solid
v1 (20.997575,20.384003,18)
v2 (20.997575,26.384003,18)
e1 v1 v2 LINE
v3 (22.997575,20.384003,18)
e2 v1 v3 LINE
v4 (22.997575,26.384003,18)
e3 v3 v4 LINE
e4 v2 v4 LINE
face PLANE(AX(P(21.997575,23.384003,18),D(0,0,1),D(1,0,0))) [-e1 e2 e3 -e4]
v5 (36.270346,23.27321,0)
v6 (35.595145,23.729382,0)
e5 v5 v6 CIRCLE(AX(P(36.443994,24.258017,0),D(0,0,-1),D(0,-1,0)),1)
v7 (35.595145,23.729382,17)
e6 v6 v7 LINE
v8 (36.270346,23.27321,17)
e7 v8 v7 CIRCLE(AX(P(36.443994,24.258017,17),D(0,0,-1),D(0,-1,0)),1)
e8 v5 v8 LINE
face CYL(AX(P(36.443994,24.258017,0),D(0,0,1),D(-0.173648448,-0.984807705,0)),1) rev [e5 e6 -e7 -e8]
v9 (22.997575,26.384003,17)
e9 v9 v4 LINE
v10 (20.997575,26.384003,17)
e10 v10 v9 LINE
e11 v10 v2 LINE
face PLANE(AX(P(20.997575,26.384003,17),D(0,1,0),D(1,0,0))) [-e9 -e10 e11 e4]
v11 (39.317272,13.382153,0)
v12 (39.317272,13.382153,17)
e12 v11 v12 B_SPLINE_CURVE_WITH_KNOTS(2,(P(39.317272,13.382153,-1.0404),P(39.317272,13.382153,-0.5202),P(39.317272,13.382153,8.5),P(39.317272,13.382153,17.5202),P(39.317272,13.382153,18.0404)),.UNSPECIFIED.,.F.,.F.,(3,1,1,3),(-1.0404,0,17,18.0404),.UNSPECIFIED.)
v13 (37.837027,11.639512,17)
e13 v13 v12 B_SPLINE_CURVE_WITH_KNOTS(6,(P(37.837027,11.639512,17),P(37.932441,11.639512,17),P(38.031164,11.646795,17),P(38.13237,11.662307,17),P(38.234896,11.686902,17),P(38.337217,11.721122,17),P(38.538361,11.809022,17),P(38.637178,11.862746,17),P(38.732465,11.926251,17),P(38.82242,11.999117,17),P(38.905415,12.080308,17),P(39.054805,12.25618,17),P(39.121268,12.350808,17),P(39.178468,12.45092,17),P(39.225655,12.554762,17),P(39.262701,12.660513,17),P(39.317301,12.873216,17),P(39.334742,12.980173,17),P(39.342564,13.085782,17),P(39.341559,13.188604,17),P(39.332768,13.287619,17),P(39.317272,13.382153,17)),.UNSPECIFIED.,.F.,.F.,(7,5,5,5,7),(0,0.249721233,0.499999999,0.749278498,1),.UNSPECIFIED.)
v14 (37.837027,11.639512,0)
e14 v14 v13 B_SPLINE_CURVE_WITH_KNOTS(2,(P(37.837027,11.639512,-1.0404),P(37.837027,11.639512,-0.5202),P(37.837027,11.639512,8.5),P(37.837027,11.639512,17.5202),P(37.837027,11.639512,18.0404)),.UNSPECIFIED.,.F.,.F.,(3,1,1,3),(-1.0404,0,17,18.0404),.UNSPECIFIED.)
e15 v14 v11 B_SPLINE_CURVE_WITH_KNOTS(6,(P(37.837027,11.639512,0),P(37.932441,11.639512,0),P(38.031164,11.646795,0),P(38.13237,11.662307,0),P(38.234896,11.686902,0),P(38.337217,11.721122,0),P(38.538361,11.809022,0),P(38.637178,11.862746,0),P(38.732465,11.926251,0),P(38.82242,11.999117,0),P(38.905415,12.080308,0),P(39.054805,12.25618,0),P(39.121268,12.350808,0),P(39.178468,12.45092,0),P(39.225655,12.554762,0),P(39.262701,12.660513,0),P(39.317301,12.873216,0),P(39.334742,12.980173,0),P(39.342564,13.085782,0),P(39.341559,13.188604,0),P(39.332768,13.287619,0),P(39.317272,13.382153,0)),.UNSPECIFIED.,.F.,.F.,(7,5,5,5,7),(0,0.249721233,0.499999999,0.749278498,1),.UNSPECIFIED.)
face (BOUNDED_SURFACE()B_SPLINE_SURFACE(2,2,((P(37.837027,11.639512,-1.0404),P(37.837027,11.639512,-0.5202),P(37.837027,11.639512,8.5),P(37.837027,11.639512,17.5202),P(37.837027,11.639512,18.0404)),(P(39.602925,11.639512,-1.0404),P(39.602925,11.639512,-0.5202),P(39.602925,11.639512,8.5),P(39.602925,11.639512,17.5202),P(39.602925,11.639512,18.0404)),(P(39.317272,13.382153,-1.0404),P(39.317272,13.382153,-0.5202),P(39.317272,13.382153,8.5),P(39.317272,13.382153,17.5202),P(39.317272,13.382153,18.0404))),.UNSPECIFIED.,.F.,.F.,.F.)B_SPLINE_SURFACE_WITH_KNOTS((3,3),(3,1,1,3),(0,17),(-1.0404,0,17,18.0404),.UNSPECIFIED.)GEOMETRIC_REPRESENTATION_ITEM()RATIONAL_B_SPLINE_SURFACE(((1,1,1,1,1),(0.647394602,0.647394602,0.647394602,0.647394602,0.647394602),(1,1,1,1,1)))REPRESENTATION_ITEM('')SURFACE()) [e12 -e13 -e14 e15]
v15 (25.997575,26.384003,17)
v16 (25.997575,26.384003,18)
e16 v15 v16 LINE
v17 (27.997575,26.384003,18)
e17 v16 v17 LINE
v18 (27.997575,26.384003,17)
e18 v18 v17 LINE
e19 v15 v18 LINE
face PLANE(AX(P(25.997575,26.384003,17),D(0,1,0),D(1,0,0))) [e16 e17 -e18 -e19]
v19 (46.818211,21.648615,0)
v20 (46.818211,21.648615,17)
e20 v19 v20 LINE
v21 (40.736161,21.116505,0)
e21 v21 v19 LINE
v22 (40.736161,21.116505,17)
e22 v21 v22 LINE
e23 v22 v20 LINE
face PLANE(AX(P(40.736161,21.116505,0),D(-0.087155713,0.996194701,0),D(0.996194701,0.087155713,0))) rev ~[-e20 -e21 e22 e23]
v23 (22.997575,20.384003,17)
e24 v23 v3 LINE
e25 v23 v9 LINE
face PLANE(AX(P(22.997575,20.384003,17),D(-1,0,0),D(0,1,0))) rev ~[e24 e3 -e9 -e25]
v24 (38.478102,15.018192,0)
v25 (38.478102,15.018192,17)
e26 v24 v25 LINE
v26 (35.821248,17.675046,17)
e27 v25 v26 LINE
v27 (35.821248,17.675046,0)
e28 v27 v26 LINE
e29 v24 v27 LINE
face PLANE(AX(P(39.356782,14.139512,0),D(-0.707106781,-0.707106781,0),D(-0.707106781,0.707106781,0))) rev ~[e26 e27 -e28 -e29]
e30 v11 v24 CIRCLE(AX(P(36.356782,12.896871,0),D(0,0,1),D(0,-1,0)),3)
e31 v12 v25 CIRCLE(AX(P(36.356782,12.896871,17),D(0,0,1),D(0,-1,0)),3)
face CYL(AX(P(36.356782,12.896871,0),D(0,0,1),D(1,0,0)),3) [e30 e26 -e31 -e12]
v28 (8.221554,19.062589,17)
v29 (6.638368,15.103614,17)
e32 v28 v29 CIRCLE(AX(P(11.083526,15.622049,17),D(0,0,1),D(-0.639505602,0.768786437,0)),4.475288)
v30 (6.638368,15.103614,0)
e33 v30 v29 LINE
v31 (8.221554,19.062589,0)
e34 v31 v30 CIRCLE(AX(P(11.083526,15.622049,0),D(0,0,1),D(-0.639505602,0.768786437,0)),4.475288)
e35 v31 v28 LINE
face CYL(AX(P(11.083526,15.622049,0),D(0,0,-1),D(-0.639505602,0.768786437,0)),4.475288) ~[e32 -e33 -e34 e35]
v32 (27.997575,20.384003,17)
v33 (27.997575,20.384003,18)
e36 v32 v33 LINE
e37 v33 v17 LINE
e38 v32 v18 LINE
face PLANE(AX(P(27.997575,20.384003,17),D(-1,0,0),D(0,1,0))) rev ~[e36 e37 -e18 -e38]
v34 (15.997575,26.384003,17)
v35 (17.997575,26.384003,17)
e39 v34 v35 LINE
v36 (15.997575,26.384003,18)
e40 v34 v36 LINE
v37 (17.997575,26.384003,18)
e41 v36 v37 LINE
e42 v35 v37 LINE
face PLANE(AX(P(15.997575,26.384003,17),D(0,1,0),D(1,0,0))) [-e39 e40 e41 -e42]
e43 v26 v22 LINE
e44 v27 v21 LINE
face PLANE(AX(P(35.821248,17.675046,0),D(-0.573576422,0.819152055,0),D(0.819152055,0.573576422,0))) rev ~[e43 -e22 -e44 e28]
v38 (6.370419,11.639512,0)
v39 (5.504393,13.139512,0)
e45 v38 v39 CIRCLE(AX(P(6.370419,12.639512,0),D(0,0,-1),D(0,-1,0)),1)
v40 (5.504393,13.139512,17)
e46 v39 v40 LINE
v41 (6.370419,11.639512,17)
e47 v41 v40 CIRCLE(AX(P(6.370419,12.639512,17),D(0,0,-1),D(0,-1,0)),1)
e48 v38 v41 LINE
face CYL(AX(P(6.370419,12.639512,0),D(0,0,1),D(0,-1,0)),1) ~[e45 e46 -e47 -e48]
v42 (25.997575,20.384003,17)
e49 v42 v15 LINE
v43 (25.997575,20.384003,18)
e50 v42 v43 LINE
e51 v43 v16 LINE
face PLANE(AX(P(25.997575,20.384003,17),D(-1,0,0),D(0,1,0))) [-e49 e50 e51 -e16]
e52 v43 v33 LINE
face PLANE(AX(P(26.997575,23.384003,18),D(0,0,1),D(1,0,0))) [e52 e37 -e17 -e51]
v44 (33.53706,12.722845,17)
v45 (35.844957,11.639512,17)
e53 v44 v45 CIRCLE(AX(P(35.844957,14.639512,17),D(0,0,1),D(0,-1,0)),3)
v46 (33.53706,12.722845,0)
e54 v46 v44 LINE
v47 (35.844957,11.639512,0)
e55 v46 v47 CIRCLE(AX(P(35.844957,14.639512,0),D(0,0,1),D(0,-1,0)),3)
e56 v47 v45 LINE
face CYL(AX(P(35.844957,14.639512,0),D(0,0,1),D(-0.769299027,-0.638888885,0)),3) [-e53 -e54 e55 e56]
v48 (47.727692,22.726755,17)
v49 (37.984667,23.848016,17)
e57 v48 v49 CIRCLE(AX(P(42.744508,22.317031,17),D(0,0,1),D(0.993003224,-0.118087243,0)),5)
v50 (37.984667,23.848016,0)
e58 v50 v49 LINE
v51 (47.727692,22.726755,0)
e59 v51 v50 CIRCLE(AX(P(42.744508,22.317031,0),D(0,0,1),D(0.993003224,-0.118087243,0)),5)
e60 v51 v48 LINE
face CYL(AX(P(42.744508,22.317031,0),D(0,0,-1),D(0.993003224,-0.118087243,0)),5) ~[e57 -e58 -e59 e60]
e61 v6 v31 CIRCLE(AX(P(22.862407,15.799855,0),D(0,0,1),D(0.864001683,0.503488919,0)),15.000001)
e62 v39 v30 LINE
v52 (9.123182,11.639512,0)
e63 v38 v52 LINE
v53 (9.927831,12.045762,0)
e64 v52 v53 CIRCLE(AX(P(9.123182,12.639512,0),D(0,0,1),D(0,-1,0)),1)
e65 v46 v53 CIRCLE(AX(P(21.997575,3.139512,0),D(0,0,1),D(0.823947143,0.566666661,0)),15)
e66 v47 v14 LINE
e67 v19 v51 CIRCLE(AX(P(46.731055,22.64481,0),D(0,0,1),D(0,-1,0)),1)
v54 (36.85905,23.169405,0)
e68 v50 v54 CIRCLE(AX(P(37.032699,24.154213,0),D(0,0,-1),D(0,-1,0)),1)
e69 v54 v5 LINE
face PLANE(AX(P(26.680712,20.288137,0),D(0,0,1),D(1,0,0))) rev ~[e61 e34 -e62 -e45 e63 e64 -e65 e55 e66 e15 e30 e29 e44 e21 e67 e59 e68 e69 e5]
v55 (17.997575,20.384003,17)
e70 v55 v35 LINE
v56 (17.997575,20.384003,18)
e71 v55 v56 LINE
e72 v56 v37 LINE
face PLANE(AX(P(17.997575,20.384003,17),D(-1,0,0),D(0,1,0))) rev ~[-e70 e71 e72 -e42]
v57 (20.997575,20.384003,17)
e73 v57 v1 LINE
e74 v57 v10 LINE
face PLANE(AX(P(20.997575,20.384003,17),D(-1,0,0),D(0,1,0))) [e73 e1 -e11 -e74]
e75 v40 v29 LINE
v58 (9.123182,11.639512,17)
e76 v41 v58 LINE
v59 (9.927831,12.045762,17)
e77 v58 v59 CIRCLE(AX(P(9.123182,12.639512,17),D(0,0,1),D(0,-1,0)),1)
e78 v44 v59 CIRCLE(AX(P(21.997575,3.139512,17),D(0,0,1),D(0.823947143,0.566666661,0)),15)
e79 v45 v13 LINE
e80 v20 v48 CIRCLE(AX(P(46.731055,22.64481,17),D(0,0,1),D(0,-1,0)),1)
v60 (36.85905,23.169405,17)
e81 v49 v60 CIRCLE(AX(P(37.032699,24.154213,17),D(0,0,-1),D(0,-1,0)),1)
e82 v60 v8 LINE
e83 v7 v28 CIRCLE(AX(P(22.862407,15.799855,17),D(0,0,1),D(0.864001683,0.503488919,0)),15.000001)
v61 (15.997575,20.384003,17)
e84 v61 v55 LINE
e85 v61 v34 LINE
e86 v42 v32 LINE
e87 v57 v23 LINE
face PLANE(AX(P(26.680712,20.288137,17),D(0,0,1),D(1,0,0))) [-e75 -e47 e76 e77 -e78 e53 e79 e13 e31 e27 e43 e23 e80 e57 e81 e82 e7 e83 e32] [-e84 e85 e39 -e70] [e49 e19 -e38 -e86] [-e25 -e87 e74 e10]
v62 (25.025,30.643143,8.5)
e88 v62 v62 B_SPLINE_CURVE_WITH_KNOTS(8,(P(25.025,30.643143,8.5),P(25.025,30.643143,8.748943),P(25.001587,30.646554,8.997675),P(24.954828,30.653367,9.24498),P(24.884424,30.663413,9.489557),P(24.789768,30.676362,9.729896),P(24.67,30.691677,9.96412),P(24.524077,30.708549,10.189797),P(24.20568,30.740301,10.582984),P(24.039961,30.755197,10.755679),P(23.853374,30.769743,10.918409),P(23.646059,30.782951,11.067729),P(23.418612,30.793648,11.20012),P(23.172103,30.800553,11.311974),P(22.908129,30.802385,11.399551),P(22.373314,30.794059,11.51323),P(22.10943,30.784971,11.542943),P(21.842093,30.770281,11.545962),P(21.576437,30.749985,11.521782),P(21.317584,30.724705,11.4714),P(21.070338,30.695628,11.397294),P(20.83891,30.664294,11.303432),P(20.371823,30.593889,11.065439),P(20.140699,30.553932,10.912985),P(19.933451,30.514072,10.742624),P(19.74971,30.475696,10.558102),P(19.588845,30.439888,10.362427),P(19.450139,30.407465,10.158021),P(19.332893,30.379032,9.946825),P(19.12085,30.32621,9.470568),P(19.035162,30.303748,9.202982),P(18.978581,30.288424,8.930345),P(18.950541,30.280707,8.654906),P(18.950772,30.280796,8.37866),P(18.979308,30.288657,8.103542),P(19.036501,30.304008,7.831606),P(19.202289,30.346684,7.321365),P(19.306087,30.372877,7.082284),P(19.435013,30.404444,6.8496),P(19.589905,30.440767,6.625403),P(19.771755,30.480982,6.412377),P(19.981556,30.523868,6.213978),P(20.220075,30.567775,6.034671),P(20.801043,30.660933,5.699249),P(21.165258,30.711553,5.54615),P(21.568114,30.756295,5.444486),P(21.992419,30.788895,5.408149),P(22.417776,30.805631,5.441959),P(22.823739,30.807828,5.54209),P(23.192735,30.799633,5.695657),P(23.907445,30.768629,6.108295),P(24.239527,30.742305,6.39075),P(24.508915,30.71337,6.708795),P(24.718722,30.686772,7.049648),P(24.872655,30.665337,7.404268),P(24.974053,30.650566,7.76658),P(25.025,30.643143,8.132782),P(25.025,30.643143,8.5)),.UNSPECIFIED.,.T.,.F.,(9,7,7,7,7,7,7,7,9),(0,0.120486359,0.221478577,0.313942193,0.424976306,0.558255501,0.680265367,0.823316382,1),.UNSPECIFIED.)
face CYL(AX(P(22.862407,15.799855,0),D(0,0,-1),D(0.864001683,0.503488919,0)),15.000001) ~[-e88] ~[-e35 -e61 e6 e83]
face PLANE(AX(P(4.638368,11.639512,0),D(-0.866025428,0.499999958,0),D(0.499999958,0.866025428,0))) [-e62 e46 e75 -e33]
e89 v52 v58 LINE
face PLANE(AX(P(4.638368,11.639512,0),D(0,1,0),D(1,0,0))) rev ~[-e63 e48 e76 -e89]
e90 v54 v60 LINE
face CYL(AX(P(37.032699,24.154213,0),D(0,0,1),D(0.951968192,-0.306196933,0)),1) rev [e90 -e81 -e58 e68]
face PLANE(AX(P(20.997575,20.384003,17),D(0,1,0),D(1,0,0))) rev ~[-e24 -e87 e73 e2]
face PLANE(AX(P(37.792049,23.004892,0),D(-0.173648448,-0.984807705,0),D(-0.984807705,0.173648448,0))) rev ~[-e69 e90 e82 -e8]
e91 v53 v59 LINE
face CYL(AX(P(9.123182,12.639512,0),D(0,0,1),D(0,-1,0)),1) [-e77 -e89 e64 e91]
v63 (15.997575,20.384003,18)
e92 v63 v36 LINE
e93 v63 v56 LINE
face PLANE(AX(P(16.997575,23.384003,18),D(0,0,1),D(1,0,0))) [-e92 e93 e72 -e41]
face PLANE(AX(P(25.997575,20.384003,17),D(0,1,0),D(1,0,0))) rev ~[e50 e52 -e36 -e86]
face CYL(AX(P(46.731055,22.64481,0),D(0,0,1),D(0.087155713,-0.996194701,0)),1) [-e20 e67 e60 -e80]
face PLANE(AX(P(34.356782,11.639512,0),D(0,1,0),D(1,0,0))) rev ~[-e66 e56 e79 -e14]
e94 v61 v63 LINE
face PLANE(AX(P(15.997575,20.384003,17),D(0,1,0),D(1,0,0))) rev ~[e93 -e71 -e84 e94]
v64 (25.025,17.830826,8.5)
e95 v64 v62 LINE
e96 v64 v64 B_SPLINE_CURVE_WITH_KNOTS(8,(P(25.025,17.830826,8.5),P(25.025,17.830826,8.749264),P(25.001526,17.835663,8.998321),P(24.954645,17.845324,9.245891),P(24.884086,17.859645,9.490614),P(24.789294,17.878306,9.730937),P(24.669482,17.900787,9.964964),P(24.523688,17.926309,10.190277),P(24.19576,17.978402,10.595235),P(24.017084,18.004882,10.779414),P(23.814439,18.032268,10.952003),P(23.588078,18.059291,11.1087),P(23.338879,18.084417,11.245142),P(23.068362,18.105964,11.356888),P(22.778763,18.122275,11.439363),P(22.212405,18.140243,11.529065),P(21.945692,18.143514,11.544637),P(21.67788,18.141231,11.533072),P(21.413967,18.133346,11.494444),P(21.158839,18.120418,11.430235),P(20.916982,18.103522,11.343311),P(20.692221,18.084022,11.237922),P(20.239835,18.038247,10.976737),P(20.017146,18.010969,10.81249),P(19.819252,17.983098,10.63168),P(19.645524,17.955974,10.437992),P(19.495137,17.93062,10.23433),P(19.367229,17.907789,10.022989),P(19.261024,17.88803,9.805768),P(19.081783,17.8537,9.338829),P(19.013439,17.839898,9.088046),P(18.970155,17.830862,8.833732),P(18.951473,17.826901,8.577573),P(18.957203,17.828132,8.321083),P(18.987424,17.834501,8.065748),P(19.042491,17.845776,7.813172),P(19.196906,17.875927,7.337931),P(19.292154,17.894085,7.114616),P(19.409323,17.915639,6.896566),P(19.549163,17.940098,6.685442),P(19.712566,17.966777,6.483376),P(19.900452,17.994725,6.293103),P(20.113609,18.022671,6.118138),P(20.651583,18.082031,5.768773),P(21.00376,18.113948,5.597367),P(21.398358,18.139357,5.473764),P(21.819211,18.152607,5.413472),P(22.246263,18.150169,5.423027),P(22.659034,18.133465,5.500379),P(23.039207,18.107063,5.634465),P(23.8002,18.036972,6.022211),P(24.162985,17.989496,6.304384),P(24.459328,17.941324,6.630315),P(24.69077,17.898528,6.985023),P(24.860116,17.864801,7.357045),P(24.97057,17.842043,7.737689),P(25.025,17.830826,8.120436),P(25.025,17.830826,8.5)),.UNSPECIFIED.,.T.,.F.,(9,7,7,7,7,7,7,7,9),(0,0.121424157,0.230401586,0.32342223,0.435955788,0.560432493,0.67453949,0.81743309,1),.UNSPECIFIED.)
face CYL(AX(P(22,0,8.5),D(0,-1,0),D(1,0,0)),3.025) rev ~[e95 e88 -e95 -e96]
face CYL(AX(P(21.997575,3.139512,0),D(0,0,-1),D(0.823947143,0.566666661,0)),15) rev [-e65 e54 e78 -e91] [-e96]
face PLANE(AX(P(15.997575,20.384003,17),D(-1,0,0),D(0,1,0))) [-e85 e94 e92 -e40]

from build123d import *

# Parameters (mm, degrees)
SKETCH001_W                          = 2
SKETCH001_H                          = 6
EXTRUDE002_DEPTH                     = 1
SKETCH002_AS_DRAWN_R                 = 3.025
EXTRUDE001_DEPTH                     = 100
EXTRUDE001_ONTO_SKETCH002_ROLL_ANGLE = 90
EXTRUDE_DEPTH                        = 17
FILLET_R                             = 1
FILLET001_R                          = 3
FILLET002_R                          = 1.5


with BuildPart() as extrude002:
    # Sketch001 → Extrude002 (new body)
    with BuildSketch(Plane.XY.offset(17)):
        with Locations((16.997575, 23.384003)):
            Rectangle(SKETCH001_W, SKETCH001_H)
        with Locations((21.997575, 23.384003)):
            Rectangle(SKETCH001_W, SKETCH001_H)
        with Locations((26.997575, 23.384003)):
            Rectangle(SKETCH001_W, SKETCH001_H)
    extrude(amount=EXTRUDE002_DEPTH)


with BuildPart() as extrude001:
    # Sketch002 as drawn → Extrude001 (new)
    with BuildSketch(Plane.XY):
        with Locations((22, 8.5)):
            Circle(SKETCH002_AS_DRAWN_R)
    extrude(amount=-EXTRUDE001_DEPTH)


with BuildPart() as extrude001_1:
    # Extrude001 onto Sketch002 roll: moved
    add(extrude001.part.rotate(Axis((0, 0, 0), (1, 0, 0)), EXTRUDE001_ONTO_SKETCH002_ROLL_ANGLE))


with BuildPart() as extrude001_2:
    # Extrude001 onto Sketch002 placement: moved
    add(extrude001_1.part)


with BuildPart() as fusion:
    # Sketch → Extrude (new body)
    with BuildSketch(Plane.XY):
        with BuildLine():
            Line((4.638368, 11.639512), (9.638368, 11.639512))
            ThreePointArc((34.356782, 11.639512), (21.997575, 18.139512), (9.638368, 11.639512))
            Line((34.356782, 11.639512), (39.356782, 11.639512))
            Line((39.356782, 11.639512), (39.356782, 14.139512))
            Line((39.356782, 14.139512), (35.821248, 17.675046))
            Line((35.821248, 17.675046), (40.736161, 21.116505))
            Line((40.736161, 21.116505), (47.709524, 21.726595))
            ThreePointArc((47.709524, 21.726595), (43.383687, 27.276008), (37.792049, 23.004892))
            Line((37.792049, 23.004892), (35.822433, 23.352189))
            ThreePointArc((35.822433, 23.352189), (20.558831, 30.621918), (8.221554, 19.062589))
            ThreePointArc((8.221554, 19.062589), (6.928179, 17.283763), (6.638368, 15.103614))
            Line((4.638368, 11.639512), (6.638368, 15.103614))
        make_face()
    extrude(amount=EXTRUDE_DEPTH)

    # Fillet
    fillet_edges = [fusion.edges().sort_by_distance(p)[0] for p in [
        (4.638368, 11.639512, 8.5),
        (9.638368, 11.639512, 8.5),
        (47.709524, 21.726595, 8.5),
        (37.792049, 23.004892, 8.5),
        (35.822433, 23.352189, 8.5),
    ]]
    fillet(fillet_edges, radius=FILLET_R)

    # Fillet001
    fillet001_edges = [fusion.edges().sort_by_distance(p)[0] for p in [
        (34.356782, 11.639512, 8.5),
        (39.356782, 14.139512, 8.5),
    ]]
    fillet(fillet001_edges, radius=FILLET001_R)

    # Fillet002
    fillet002_edges = [fusion.edges().sort_by_distance(p)[0] for p in [
        (39.356782, 11.639512, 8.5),
    ]]
    fillet(fillet002_edges, radius=FILLET002_R)

    # Cut: cut Extrude001
    add(extrude001_2.part, mode=Mode.SUBTRACT)

    # Fusion: union Extrude002
    add(extrude002.part)


solid = fusion.part
